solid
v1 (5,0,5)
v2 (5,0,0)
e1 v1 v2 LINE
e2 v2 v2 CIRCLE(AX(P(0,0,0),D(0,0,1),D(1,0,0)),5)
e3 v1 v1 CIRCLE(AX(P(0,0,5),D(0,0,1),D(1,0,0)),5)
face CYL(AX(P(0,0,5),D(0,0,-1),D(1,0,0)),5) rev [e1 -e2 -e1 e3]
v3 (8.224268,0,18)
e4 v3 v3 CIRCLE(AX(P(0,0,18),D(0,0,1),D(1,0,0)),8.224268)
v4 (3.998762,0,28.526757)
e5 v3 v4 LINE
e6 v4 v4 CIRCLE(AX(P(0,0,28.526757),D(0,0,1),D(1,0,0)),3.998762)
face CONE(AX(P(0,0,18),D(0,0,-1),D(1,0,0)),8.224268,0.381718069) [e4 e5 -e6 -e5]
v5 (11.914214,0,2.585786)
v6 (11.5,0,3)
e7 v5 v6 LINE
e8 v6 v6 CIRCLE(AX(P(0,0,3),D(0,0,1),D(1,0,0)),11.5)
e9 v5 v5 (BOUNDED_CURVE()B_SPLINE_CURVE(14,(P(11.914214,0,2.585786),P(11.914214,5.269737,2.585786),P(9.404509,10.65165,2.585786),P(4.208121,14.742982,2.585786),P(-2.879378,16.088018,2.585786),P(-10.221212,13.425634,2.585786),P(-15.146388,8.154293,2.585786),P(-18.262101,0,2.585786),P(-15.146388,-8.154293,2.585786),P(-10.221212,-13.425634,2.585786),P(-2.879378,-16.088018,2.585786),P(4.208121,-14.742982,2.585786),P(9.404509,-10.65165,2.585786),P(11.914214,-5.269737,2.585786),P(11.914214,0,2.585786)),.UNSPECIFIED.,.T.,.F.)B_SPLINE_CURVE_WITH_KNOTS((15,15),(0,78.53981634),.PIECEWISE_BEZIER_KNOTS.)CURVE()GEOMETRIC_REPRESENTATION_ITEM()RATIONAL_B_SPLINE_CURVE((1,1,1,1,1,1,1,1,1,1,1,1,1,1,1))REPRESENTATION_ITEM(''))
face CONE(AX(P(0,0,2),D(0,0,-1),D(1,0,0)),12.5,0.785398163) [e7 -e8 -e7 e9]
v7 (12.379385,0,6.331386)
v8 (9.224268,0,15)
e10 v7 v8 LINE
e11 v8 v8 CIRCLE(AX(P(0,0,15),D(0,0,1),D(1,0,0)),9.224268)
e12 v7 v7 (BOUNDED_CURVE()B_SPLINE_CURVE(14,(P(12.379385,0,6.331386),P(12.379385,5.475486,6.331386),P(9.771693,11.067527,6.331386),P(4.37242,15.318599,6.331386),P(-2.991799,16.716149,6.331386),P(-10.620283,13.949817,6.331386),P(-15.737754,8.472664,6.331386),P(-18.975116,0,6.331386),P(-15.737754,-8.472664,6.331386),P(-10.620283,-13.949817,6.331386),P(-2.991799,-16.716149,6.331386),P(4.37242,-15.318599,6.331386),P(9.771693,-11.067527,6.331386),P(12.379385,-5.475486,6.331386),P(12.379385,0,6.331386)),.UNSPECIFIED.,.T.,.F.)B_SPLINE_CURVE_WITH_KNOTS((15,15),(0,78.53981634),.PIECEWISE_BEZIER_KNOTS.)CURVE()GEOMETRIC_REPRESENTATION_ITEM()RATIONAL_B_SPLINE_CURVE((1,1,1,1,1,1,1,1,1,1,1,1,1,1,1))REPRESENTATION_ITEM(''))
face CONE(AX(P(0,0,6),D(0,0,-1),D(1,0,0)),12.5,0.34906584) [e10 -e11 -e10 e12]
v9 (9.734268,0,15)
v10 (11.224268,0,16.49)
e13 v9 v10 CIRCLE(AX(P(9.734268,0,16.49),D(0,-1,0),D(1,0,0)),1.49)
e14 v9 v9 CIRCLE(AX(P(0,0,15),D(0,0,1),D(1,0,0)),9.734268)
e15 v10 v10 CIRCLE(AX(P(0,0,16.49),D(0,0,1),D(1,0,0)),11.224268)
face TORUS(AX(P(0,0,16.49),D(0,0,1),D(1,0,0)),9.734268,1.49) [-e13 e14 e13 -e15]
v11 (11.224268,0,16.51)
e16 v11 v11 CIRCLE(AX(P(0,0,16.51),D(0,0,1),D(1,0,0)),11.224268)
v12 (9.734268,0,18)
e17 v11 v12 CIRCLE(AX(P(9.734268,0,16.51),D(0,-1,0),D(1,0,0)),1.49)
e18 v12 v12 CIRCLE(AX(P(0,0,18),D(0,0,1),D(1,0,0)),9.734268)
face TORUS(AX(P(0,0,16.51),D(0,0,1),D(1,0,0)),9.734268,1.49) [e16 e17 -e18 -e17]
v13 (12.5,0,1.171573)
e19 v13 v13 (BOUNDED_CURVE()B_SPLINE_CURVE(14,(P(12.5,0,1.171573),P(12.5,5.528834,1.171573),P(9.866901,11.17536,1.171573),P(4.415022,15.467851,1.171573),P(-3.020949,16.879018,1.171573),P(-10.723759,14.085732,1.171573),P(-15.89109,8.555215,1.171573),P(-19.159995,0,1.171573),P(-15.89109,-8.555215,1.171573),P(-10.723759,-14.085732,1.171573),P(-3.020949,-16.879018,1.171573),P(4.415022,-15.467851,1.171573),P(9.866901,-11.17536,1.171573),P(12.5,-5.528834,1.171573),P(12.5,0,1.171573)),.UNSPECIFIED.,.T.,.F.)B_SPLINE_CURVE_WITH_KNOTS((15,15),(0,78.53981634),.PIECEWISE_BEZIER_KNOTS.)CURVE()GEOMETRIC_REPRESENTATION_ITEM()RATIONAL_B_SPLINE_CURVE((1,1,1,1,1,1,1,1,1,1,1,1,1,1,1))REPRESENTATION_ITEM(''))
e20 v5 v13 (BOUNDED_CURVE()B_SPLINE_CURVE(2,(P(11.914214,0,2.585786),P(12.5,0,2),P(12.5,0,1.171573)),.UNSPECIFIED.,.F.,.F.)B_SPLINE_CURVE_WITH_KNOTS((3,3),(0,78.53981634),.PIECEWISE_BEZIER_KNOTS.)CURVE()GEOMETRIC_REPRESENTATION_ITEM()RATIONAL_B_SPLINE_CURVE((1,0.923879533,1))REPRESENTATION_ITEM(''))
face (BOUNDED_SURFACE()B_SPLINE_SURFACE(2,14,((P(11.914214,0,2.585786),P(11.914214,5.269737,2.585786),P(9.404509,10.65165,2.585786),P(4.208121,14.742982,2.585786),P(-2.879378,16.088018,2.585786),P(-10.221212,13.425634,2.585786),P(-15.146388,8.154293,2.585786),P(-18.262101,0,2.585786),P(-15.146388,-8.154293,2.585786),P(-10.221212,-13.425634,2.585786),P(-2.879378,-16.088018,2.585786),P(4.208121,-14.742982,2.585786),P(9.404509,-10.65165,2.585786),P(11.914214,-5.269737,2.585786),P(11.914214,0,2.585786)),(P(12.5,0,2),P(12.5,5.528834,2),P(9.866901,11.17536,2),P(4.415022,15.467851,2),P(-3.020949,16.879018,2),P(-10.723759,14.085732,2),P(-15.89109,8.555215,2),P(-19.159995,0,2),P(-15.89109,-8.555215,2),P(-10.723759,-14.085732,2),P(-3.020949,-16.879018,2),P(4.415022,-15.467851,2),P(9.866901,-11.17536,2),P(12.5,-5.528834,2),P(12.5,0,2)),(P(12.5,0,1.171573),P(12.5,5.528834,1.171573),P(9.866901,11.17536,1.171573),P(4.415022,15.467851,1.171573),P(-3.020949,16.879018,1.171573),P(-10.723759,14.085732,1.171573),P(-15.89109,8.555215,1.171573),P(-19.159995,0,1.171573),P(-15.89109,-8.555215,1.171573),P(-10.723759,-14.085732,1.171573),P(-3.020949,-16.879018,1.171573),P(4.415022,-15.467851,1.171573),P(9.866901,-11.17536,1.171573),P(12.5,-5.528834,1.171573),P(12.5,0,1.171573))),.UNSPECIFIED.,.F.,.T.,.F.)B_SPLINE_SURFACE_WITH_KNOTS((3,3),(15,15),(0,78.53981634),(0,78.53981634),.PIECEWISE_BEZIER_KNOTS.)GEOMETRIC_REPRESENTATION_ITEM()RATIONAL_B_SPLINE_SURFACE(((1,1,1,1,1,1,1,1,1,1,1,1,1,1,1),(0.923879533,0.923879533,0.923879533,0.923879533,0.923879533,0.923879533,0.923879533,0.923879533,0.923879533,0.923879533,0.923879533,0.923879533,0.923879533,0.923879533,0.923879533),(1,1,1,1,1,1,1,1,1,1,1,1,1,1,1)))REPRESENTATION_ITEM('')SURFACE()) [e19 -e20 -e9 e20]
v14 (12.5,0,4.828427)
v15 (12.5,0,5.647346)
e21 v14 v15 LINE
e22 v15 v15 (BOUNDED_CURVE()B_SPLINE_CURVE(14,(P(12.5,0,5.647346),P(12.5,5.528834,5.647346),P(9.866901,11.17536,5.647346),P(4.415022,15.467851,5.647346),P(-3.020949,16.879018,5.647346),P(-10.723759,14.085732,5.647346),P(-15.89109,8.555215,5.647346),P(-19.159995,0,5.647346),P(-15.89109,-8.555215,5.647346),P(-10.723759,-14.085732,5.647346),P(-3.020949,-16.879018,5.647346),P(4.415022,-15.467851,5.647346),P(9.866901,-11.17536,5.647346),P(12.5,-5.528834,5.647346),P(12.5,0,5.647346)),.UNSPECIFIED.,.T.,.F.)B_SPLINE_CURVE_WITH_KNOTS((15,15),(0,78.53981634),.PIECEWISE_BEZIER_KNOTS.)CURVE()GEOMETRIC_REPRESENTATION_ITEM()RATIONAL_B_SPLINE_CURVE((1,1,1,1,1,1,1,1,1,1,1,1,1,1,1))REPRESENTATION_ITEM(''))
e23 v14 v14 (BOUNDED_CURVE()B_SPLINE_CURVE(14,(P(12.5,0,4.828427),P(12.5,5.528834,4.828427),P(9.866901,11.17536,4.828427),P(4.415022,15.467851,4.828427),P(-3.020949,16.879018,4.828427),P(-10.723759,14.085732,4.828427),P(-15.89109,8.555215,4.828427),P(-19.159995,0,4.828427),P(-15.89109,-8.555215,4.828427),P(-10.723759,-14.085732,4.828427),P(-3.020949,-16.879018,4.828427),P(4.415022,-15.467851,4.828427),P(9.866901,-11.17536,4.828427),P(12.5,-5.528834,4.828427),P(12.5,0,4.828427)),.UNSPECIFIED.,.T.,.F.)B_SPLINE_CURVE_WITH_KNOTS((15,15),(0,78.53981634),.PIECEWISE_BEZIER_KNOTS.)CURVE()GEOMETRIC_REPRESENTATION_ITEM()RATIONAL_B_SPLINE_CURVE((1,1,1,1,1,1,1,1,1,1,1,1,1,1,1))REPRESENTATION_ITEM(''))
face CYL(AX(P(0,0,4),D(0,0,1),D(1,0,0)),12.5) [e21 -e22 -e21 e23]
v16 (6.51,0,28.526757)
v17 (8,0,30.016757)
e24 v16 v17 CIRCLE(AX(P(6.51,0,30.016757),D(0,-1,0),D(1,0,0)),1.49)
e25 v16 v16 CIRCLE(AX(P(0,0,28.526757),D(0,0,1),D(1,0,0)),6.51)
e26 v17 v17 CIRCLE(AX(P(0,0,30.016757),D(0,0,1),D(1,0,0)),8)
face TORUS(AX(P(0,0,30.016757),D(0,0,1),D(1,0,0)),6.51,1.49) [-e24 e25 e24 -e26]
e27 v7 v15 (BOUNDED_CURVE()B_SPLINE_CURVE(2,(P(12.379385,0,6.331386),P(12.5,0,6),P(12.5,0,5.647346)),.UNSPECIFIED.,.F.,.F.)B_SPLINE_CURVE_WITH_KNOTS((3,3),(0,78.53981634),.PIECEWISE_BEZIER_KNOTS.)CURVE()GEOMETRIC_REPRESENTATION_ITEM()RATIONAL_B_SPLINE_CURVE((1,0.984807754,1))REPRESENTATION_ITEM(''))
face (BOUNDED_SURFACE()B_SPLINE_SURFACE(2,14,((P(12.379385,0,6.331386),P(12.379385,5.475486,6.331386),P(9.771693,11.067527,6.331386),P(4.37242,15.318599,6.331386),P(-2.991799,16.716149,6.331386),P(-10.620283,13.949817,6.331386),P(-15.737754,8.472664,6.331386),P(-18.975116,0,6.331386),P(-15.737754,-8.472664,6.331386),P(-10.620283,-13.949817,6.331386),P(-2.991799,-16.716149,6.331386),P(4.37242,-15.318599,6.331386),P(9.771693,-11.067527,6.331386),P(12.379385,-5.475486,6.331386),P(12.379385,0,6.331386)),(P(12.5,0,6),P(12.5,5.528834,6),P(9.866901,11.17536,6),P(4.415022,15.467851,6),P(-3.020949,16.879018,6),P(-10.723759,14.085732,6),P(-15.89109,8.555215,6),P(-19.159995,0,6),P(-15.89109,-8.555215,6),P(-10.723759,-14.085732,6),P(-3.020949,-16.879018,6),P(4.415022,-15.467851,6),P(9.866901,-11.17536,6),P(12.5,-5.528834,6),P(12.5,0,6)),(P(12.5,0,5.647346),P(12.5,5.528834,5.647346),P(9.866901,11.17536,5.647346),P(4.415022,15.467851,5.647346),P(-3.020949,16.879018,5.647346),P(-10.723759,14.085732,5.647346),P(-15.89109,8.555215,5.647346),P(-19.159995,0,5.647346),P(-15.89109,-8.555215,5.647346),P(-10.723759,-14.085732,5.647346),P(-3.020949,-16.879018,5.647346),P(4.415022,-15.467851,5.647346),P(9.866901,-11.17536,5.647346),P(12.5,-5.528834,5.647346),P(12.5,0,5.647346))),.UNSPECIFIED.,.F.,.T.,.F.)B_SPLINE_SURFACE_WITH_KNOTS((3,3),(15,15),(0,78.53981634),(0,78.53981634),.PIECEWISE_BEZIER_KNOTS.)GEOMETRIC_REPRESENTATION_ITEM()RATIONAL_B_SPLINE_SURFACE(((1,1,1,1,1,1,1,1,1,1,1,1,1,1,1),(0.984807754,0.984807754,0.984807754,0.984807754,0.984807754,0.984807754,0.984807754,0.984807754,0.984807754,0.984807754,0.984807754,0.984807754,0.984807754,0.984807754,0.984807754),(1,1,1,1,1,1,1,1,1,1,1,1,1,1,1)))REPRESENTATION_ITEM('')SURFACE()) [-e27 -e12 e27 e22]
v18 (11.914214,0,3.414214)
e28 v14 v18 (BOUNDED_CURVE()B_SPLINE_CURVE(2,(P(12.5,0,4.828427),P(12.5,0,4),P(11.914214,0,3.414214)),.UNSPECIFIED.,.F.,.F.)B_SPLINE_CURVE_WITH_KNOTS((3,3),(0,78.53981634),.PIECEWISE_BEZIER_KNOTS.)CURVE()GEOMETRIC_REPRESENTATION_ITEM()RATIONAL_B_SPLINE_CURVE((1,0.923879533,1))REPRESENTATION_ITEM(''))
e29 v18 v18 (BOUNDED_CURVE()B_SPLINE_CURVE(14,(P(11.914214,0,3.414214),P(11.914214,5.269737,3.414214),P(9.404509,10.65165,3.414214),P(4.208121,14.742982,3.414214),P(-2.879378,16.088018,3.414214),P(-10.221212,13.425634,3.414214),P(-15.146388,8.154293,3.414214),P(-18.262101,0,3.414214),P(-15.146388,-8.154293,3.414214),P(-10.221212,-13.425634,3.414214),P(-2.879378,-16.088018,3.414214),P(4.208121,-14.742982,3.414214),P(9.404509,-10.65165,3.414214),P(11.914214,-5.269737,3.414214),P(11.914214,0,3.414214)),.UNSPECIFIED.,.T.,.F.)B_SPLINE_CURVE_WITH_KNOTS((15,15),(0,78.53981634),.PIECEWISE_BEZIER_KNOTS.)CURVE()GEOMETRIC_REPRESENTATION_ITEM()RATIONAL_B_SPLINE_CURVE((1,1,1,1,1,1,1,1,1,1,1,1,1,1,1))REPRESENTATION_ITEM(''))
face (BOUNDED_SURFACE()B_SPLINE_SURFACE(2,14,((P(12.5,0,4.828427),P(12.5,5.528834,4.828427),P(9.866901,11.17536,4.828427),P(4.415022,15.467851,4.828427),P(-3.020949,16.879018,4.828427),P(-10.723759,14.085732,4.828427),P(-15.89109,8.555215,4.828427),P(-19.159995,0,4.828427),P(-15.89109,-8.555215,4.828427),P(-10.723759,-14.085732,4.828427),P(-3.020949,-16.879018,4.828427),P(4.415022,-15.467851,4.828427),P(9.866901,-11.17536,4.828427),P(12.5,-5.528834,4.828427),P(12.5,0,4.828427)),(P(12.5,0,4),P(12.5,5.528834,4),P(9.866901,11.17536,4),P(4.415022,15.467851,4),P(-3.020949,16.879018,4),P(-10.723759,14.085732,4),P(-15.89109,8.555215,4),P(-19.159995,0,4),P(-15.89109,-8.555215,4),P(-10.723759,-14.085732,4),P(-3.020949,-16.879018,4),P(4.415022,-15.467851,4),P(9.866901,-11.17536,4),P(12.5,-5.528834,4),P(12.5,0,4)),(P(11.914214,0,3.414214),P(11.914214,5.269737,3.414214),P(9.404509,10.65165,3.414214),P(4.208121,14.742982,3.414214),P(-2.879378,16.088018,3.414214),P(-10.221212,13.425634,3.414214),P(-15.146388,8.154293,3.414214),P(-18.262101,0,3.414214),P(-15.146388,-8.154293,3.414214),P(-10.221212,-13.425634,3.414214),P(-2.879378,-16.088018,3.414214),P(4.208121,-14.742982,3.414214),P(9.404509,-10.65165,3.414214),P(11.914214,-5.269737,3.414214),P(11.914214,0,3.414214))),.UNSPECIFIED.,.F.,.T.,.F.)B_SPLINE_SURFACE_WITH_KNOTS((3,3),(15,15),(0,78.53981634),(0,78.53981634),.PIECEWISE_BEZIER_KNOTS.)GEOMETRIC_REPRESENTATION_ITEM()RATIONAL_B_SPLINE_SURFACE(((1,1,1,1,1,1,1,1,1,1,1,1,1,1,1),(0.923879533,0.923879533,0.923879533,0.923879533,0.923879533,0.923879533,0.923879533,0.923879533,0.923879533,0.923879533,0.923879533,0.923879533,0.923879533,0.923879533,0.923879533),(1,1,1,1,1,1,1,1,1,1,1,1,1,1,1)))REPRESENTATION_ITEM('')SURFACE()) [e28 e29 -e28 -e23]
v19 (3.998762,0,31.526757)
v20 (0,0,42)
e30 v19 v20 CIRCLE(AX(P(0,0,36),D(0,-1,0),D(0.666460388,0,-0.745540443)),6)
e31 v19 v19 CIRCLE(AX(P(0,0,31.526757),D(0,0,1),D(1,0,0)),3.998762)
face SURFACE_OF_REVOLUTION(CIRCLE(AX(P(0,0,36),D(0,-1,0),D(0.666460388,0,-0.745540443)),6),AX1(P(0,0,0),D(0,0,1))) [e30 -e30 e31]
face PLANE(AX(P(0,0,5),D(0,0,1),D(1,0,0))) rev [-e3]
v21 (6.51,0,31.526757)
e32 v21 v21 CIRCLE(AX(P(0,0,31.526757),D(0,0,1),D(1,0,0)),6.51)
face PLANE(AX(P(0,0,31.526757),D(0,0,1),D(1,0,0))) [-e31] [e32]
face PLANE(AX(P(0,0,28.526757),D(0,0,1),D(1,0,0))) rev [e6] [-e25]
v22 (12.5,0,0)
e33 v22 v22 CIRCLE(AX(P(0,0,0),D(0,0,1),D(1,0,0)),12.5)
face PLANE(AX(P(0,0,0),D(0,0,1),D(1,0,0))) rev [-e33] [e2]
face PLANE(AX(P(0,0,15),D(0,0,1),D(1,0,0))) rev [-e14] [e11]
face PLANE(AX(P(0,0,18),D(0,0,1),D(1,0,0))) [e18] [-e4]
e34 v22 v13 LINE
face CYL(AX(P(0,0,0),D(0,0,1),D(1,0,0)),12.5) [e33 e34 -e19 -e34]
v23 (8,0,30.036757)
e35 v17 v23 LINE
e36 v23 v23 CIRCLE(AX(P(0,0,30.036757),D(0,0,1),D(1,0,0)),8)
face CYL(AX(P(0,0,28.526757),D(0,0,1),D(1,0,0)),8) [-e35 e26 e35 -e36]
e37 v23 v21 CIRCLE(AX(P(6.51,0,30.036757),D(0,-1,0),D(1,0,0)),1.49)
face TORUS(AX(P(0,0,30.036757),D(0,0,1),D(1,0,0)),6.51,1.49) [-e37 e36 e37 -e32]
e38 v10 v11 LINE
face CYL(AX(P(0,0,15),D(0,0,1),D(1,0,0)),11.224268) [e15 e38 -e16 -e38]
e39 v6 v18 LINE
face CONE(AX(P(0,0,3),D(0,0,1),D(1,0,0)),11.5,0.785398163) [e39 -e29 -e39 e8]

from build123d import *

# Parameters (mm, degrees)
FILLET_R    = 1.49
FILLET001_R = 2


with BuildPart() as part:
    # Sketch → Revolution (revolve)
    with BuildSketch(Plane.XZ):
        with BuildLine():
            Line((0, 5), (5, 5))
            Line((5, 5), (5, 0))
            Line((5, 0), (12.5, 0))
            Line((12.5, 0), (12.5, 2))
            Line((12.5, 2), (11.5, 3))
            Line((11.5, 3), (12.5, 4))
            Line((12.5, 4), (12.5, 6))
            Line((12.5, 6), (9.224268, 15))
            Line((9.224268, 15), (11.224268, 15))
            Line((11.224268, 15), (11.224268, 18))
            Line((11.224268, 18), (8.224268, 18))
            Line((8.224268, 18), (3.998762, 28.526757))
            Line((3.998762, 28.526757), (8, 28.526757))
            Line((8, 28.526757), (8, 31.526757))
            Line((8, 31.526757), (3.998762, 31.526757))
            ThreePointArc((3.998762, 31.526757), (5.60533, 38.140157), (0, 42))
            Line((0, 42), (0, 5))
        make_face()
    revolve(axis=Axis((0, 0, 0), (0, 0, 1)))

    # Fillet
    fillet_edges = [part.edges().sort_by_distance(p)[0] for p in [
        (-8, 0, 31.526757),
        (-8, 0, 28.526757),
        (-11.224268, 0, 18),
        (-11.224268, 0, 15),
    ]]
    fillet(fillet_edges, radius=FILLET_R)

    # Fillet001
    fillet001_edges = [part.edges().sort_by_distance(p)[0] for p in [
        (-12.5, 0, 6),
        (-12.5, 0, 4),
        (-12.5, 0, 2),
    ]]
    fillet(fillet001_edges, radius=FILLET001_R)


solid = part.part
